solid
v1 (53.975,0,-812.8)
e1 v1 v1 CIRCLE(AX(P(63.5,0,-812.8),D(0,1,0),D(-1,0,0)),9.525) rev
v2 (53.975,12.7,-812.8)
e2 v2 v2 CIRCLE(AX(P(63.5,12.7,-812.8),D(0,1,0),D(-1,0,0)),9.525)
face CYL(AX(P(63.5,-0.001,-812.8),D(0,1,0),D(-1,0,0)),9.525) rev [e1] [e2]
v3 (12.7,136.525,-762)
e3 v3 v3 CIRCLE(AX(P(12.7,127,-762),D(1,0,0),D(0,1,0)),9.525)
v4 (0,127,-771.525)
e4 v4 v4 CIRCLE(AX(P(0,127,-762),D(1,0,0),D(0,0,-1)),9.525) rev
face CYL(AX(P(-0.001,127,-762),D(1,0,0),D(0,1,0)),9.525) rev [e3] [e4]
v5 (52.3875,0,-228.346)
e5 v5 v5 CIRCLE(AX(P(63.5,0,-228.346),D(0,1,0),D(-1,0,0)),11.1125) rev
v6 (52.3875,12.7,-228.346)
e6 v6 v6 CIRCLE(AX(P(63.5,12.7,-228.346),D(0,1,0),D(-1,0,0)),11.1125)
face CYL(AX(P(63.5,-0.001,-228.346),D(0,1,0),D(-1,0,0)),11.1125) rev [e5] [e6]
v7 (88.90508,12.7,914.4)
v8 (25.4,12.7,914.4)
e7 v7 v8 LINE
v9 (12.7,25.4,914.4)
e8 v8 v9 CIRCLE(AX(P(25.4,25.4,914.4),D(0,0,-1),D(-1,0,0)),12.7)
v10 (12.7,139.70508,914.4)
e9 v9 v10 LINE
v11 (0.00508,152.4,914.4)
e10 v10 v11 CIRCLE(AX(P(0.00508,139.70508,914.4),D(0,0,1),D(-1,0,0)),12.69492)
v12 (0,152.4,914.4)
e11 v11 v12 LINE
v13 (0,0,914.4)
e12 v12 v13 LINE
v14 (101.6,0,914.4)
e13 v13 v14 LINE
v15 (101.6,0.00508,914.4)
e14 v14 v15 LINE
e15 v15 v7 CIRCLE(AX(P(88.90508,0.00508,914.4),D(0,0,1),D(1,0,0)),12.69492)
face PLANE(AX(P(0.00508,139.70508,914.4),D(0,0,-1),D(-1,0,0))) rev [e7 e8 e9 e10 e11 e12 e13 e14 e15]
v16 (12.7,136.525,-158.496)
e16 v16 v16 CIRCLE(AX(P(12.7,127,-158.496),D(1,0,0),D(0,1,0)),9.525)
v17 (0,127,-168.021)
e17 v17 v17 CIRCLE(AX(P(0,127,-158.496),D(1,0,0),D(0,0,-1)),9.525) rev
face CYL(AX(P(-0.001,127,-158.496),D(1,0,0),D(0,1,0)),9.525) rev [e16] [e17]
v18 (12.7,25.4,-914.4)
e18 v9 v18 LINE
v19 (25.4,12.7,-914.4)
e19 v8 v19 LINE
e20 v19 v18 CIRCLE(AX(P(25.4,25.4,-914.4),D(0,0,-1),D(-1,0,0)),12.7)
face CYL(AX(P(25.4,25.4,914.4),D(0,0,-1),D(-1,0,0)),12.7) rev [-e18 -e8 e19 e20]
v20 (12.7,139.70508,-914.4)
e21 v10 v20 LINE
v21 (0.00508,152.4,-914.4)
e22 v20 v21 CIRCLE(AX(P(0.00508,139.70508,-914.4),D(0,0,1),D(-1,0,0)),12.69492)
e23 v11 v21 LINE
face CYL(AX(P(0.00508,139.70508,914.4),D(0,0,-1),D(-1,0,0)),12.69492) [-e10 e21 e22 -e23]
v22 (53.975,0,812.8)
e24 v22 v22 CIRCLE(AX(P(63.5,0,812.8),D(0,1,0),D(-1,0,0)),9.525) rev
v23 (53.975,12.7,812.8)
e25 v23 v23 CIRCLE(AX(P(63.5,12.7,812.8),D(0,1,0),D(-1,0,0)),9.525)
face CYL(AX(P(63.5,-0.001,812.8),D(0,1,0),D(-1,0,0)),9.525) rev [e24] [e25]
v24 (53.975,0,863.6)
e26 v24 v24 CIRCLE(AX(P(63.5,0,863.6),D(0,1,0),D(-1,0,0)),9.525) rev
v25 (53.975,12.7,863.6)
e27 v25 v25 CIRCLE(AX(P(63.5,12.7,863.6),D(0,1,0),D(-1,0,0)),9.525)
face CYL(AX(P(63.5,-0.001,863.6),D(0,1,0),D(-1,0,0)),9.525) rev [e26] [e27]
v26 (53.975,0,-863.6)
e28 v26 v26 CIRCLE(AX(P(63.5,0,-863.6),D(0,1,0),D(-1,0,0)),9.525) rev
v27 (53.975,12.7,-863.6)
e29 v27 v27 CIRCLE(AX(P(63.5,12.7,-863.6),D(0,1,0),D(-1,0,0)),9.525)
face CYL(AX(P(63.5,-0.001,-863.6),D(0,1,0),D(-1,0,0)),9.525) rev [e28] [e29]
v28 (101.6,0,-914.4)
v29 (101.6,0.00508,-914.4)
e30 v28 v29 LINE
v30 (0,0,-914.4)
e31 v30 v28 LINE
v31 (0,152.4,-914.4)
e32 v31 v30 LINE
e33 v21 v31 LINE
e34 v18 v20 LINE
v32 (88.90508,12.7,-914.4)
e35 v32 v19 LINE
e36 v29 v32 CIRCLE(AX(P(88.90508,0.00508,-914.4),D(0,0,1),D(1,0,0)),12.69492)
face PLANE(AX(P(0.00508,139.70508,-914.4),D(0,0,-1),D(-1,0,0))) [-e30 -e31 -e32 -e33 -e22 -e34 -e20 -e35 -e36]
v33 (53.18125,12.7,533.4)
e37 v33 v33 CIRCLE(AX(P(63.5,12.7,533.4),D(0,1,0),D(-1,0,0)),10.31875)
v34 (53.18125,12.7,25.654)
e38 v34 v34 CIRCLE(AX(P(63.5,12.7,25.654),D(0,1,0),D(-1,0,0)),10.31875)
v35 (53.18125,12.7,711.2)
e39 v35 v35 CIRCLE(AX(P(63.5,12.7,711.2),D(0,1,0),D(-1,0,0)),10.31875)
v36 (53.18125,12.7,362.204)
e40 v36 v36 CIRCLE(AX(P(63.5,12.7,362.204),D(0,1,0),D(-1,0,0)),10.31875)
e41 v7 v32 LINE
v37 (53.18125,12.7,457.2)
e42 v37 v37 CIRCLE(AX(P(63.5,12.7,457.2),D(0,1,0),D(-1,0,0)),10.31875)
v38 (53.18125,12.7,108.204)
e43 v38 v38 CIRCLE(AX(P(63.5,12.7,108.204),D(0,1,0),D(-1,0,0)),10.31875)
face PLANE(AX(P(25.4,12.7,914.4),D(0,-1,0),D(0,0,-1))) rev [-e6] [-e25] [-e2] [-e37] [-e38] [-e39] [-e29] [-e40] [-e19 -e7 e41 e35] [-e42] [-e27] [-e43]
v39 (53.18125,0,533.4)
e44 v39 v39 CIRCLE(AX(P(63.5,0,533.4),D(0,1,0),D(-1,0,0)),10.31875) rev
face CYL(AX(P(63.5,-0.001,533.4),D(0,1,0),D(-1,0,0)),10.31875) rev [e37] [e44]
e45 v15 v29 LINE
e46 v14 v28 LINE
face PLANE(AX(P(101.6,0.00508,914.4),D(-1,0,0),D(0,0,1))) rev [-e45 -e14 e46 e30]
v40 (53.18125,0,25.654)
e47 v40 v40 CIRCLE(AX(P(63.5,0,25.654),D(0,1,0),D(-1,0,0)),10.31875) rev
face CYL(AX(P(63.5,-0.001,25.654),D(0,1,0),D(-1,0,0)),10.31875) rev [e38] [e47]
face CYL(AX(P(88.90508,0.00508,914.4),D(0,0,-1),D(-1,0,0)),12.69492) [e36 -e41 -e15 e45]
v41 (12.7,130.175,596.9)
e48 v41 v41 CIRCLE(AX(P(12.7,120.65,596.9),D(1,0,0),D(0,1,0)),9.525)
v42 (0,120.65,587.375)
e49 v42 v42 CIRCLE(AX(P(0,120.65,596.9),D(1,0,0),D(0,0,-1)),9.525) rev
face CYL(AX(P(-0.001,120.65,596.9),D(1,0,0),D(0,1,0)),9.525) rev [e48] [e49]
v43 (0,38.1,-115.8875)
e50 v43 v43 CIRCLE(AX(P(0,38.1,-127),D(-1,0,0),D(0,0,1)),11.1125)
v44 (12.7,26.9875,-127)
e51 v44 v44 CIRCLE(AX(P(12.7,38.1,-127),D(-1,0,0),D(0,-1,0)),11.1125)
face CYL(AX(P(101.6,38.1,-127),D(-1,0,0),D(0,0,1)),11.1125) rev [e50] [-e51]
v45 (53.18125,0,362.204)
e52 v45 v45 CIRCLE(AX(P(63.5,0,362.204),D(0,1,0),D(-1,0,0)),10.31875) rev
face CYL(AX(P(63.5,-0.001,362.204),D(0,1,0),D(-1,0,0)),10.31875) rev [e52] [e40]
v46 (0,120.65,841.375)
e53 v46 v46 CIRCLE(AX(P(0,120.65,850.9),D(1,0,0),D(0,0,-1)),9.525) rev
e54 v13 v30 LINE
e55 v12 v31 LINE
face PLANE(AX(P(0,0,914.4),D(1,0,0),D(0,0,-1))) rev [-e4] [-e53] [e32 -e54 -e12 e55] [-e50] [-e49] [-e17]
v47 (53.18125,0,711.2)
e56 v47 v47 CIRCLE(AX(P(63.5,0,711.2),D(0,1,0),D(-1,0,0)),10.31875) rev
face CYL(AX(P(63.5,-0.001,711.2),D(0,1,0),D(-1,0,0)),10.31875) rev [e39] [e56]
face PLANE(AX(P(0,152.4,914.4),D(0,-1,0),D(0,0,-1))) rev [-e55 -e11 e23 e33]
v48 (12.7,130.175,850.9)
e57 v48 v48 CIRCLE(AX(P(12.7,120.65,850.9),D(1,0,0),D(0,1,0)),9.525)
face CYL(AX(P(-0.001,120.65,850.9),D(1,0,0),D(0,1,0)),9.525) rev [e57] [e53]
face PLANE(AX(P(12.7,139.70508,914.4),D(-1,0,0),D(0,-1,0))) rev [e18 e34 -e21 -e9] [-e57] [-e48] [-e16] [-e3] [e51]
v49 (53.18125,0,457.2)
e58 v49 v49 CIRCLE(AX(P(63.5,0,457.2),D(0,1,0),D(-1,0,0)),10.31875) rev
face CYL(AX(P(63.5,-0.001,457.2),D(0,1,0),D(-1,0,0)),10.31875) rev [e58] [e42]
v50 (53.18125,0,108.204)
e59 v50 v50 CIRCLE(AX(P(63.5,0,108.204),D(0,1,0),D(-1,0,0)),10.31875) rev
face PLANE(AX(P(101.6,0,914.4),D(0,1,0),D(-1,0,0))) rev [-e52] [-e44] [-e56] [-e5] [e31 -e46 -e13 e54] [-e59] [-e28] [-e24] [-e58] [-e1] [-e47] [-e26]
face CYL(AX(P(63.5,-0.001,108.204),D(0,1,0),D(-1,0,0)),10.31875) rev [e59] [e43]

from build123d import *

# Parameters (mm, degrees)
BOSS_EXTRUDE1_DEPTH = 914.4
CUT_EXTRUDE2_REACH  = 14.7
SKETCH3_R           = 9.525
SKETCH3_R_2         = 10.31875
SKETCH3_R_3         = 11.1125
CUT_EXTRUDE3_REACH  = 14.7
SKETCH4_R           = 9.525
SKETCH5_R           = 11.1125
CUT_EXTRUDE4_DEPTH  = 102.6


with BuildPart() as part:
    # Sketch1 → Boss-Extrude1 (new body, symmetric)
    with BuildSketch(Plane.XY):
        with BuildLine():
            Line((0, 0), (0, 152.4))
            Line((0, 152.4), (0.00508, 152.4))
            ThreePointArc((0.00508, 152.4), (8.981744019, 148.681744019), (12.7, 139.70508))
            Line((12.7, 139.70508), (12.7, 25.4))
            ThreePointArc((12.7, 25.4), (16.419743879, 16.419743879), (25.4, 12.7))
            Line((25.4, 12.7), (88.90508, 12.7))
            ThreePointArc((88.90508, 12.7), (97.881744019, 8.981744019), (101.6, 0.00508))
            Line((101.6, 0.00508), (101.6, 0))
            Line((101.6, 0), (0, 0))
        make_face()
    extrude(amount=BOSS_EXTRUDE1_DEPTH, both=True)

    # Sketch3 → Cut-Extrude2 (cut, up to next)
    with BuildSketch(Plane(origin=(0, 12.7, 0), x_dir=(1, 0, 0), z_dir=(0, 1, 0)), mode=Mode.PRIVATE) as cut_extrude2_sk1:
        with Locations((63.5, -863.6)):
            Circle(SKETCH3_R)
    cut_extrude2_tool1 = extrude(cut_extrude2_sk1.sketch, amount=-CUT_EXTRUDE2_REACH, mode=Mode.PRIVATE) & part.part
    add(cut_extrude2_tool1.solids().sort_by_distance((63.5, 12.7, 863.6))[0], mode=Mode.SUBTRACT)
    # Sketch3 → Cut-Extrude2 (cut, up to next)
    with BuildSketch(Plane(origin=(0, 12.7, 0), x_dir=(1, 0, 0), z_dir=(0, 1, 0)), mode=Mode.PRIVATE) as cut_extrude2_sk2:
        with Locations((63.5, 863.6)):
            Circle(SKETCH3_R)
    cut_extrude2_tool2 = extrude(cut_extrude2_sk2.sketch, amount=-CUT_EXTRUDE2_REACH, mode=Mode.PRIVATE) & part.part
    add(cut_extrude2_tool2.solids().sort_by_distance((63.5, 12.7, -863.6))[0], mode=Mode.SUBTRACT)
    # Sketch3 → Cut-Extrude2 (cut, up to next)
    with BuildSketch(Plane(origin=(0, 12.7, 0), x_dir=(1, 0, 0), z_dir=(0, 1, 0)), mode=Mode.PRIVATE) as cut_extrude2_sk3:
        with Locations((63.5, -711.2)):
            Circle(SKETCH3_R_2)
    cut_extrude2_tool3 = extrude(cut_extrude2_sk3.sketch, amount=-CUT_EXTRUDE2_REACH, mode=Mode.PRIVATE) & part.part
    add(cut_extrude2_tool3.solids().sort_by_distance((63.5, 12.7, 711.2))[0], mode=Mode.SUBTRACT)
    # Sketch3 → Cut-Extrude2 (cut, up to next)
    with BuildSketch(Plane(origin=(0, 12.7, 0), x_dir=(1, 0, 0), z_dir=(0, 1, 0)), mode=Mode.PRIVATE) as cut_extrude2_sk4:
        with Locations((63.5, -457.2)):
            Circle(SKETCH3_R_2)
    cut_extrude2_tool4 = extrude(cut_extrude2_sk4.sketch, amount=-CUT_EXTRUDE2_REACH, mode=Mode.PRIVATE) & part.part
    add(cut_extrude2_tool4.solids().sort_by_distance((63.5, 12.7, 457.2))[0], mode=Mode.SUBTRACT)
    # Sketch3 → Cut-Extrude2 (cut, up to next)
    with BuildSketch(Plane(origin=(0, 12.7, 0), x_dir=(1, 0, 0), z_dir=(0, 1, 0)), mode=Mode.PRIVATE) as cut_extrude2_sk5:
        with Locations((63.5, -108.204)):
            Circle(SKETCH3_R_2)
    cut_extrude2_tool5 = extrude(cut_extrude2_sk5.sketch, amount=-CUT_EXTRUDE2_REACH, mode=Mode.PRIVATE) & part.part
    add(cut_extrude2_tool5.solids().sort_by_distance((63.5, 12.7, 108.204))[0], mode=Mode.SUBTRACT)
    # Sketch3 → Cut-Extrude2 (cut, up to next)
    with BuildSketch(Plane(origin=(0, 12.7, 0), x_dir=(1, 0, 0), z_dir=(0, 1, 0)), mode=Mode.PRIVATE) as cut_extrude2_sk6:
        with Locations((63.5, -533.4)):
            Circle(SKETCH3_R_2)
    cut_extrude2_tool6 = extrude(cut_extrude2_sk6.sketch, amount=-CUT_EXTRUDE2_REACH, mode=Mode.PRIVATE) & part.part
    add(cut_extrude2_tool6.solids().sort_by_distance((63.5, 12.7, 533.4))[0], mode=Mode.SUBTRACT)
    # Sketch3 → Cut-Extrude2 (cut, up to next)
    with BuildSketch(Plane(origin=(0, 12.7, 0), x_dir=(1, 0, 0), z_dir=(0, 1, 0)), mode=Mode.PRIVATE) as cut_extrude2_sk7:
        with Locations((63.5, -25.654)):
            Circle(SKETCH3_R_2)
    cut_extrude2_tool7 = extrude(cut_extrude2_sk7.sketch, amount=-CUT_EXTRUDE2_REACH, mode=Mode.PRIVATE) & part.part
    add(cut_extrude2_tool7.solids().sort_by_distance((63.5, 12.7, 25.654))[0], mode=Mode.SUBTRACT)
    # Sketch3 → Cut-Extrude2 (cut, up to next)
    with BuildSketch(Plane(origin=(0, 12.7, 0), x_dir=(1, 0, 0), z_dir=(0, 1, 0)), mode=Mode.PRIVATE) as cut_extrude2_sk8:
        with Locations((63.5, 228.346)):
            Circle(SKETCH3_R_3)
    cut_extrude2_tool8 = extrude(cut_extrude2_sk8.sketch, amount=-CUT_EXTRUDE2_REACH, mode=Mode.PRIVATE) & part.part
    add(cut_extrude2_tool8.solids().sort_by_distance((63.5, 12.7, -228.346))[0], mode=Mode.SUBTRACT)
    # Sketch3 → Cut-Extrude2 (cut, up to next)
    with BuildSketch(Plane(origin=(0, 12.7, 0), x_dir=(1, 0, 0), z_dir=(0, 1, 0)), mode=Mode.PRIVATE) as cut_extrude2_sk9:
        with Locations((63.5, -362.204)):
            Circle(SKETCH3_R_2)
    cut_extrude2_tool9 = extrude(cut_extrude2_sk9.sketch, amount=-CUT_EXTRUDE2_REACH, mode=Mode.PRIVATE) & part.part
    add(cut_extrude2_tool9.solids().sort_by_distance((63.5, 12.7, 362.204))[0], mode=Mode.SUBTRACT)
    # Sketch3 → Cut-Extrude2 (cut, up to next)
    with BuildSketch(Plane(origin=(0, 12.7, 0), x_dir=(1, 0, 0), z_dir=(0, 1, 0)), mode=Mode.PRIVATE) as cut_extrude2_sk10:
        with Locations((63.5, 812.8)):
            Circle(SKETCH3_R)
    cut_extrude2_tool10 = extrude(cut_extrude2_sk10.sketch, amount=-CUT_EXTRUDE2_REACH, mode=Mode.PRIVATE) & part.part
    add(cut_extrude2_tool10.solids().sort_by_distance((63.5, 12.7, -812.8))[0], mode=Mode.SUBTRACT)
    # Sketch3 → Cut-Extrude2 (cut, up to next)
    with BuildSketch(Plane(origin=(0, 12.7, 0), x_dir=(1, 0, 0), z_dir=(0, 1, 0)), mode=Mode.PRIVATE) as cut_extrude2_sk11:
        with Locations((63.5, -812.8)):
            Circle(SKETCH3_R)
    cut_extrude2_tool11 = extrude(cut_extrude2_sk11.sketch, amount=-CUT_EXTRUDE2_REACH, mode=Mode.PRIVATE) & part.part
    add(cut_extrude2_tool11.solids().sort_by_distance((63.5, 12.7, 812.8))[0], mode=Mode.SUBTRACT)

    # Sketch4 → Cut-Extrude3 (cut, up to next)
    with BuildSketch(Plane(origin=(12.7, 0, 0), x_dir=(0, 0, -1), z_dir=(1, 0, 0)), mode=Mode.PRIVATE) as cut_extrude3_sk1:
        with Locations((-850.9, 120.65)):
            Circle(SKETCH4_R)
    cut_extrude3_tool1 = extrude(cut_extrude3_sk1.sketch, amount=-CUT_EXTRUDE3_REACH, mode=Mode.PRIVATE) & part.part
    add(cut_extrude3_tool1.solids().sort_by_distance((12.7, 120.65, 850.9))[0], mode=Mode.SUBTRACT)
    # Sketch4 → Cut-Extrude3 (cut, up to next)
    with BuildSketch(Plane(origin=(12.7, 0, 0), x_dir=(0, 0, -1), z_dir=(1, 0, 0)), mode=Mode.PRIVATE) as cut_extrude3_sk2:
        with Locations((-596.9, 120.65)):
            Circle(SKETCH4_R)
    cut_extrude3_tool2 = extrude(cut_extrude3_sk2.sketch, amount=-CUT_EXTRUDE3_REACH, mode=Mode.PRIVATE) & part.part
    add(cut_extrude3_tool2.solids().sort_by_distance((12.7, 120.65, 596.9))[0], mode=Mode.SUBTRACT)
    # Sketch4 → Cut-Extrude3 (cut, up to next)
    with BuildSketch(Plane(origin=(12.7, 0, 0), x_dir=(0, 0, -1), z_dir=(1, 0, 0)), mode=Mode.PRIVATE) as cut_extrude3_sk3:
        with Locations((158.496, 127)):
            Circle(SKETCH4_R)
    cut_extrude3_tool3 = extrude(cut_extrude3_sk3.sketch, amount=-CUT_EXTRUDE3_REACH, mode=Mode.PRIVATE) & part.part
    add(cut_extrude3_tool3.solids().sort_by_distance((12.7, 127, -158.496))[0], mode=Mode.SUBTRACT)
    # Sketch4 → Cut-Extrude3 (cut, up to next)
    with BuildSketch(Plane(origin=(12.7, 0, 0), x_dir=(0, 0, -1), z_dir=(1, 0, 0)), mode=Mode.PRIVATE) as cut_extrude3_sk4:
        with Locations((762, 127)):
            Circle(SKETCH4_R)
    cut_extrude3_tool4 = extrude(cut_extrude3_sk4.sketch, amount=-CUT_EXTRUDE3_REACH, mode=Mode.PRIVATE) & part.part
    add(cut_extrude3_tool4.solids().sort_by_distance((12.7, 127, -762))[0], mode=Mode.SUBTRACT)

    # Sketch5 → Cut-Extrude4 (cut, through all)
    with BuildSketch(Plane.ZY):
        with Locations((-127, 38.1)):
            Circle(SKETCH5_R)
    extrude(amount=-CUT_EXTRUDE4_DEPTH, mode=Mode.SUBTRACT)


solid = part.part
